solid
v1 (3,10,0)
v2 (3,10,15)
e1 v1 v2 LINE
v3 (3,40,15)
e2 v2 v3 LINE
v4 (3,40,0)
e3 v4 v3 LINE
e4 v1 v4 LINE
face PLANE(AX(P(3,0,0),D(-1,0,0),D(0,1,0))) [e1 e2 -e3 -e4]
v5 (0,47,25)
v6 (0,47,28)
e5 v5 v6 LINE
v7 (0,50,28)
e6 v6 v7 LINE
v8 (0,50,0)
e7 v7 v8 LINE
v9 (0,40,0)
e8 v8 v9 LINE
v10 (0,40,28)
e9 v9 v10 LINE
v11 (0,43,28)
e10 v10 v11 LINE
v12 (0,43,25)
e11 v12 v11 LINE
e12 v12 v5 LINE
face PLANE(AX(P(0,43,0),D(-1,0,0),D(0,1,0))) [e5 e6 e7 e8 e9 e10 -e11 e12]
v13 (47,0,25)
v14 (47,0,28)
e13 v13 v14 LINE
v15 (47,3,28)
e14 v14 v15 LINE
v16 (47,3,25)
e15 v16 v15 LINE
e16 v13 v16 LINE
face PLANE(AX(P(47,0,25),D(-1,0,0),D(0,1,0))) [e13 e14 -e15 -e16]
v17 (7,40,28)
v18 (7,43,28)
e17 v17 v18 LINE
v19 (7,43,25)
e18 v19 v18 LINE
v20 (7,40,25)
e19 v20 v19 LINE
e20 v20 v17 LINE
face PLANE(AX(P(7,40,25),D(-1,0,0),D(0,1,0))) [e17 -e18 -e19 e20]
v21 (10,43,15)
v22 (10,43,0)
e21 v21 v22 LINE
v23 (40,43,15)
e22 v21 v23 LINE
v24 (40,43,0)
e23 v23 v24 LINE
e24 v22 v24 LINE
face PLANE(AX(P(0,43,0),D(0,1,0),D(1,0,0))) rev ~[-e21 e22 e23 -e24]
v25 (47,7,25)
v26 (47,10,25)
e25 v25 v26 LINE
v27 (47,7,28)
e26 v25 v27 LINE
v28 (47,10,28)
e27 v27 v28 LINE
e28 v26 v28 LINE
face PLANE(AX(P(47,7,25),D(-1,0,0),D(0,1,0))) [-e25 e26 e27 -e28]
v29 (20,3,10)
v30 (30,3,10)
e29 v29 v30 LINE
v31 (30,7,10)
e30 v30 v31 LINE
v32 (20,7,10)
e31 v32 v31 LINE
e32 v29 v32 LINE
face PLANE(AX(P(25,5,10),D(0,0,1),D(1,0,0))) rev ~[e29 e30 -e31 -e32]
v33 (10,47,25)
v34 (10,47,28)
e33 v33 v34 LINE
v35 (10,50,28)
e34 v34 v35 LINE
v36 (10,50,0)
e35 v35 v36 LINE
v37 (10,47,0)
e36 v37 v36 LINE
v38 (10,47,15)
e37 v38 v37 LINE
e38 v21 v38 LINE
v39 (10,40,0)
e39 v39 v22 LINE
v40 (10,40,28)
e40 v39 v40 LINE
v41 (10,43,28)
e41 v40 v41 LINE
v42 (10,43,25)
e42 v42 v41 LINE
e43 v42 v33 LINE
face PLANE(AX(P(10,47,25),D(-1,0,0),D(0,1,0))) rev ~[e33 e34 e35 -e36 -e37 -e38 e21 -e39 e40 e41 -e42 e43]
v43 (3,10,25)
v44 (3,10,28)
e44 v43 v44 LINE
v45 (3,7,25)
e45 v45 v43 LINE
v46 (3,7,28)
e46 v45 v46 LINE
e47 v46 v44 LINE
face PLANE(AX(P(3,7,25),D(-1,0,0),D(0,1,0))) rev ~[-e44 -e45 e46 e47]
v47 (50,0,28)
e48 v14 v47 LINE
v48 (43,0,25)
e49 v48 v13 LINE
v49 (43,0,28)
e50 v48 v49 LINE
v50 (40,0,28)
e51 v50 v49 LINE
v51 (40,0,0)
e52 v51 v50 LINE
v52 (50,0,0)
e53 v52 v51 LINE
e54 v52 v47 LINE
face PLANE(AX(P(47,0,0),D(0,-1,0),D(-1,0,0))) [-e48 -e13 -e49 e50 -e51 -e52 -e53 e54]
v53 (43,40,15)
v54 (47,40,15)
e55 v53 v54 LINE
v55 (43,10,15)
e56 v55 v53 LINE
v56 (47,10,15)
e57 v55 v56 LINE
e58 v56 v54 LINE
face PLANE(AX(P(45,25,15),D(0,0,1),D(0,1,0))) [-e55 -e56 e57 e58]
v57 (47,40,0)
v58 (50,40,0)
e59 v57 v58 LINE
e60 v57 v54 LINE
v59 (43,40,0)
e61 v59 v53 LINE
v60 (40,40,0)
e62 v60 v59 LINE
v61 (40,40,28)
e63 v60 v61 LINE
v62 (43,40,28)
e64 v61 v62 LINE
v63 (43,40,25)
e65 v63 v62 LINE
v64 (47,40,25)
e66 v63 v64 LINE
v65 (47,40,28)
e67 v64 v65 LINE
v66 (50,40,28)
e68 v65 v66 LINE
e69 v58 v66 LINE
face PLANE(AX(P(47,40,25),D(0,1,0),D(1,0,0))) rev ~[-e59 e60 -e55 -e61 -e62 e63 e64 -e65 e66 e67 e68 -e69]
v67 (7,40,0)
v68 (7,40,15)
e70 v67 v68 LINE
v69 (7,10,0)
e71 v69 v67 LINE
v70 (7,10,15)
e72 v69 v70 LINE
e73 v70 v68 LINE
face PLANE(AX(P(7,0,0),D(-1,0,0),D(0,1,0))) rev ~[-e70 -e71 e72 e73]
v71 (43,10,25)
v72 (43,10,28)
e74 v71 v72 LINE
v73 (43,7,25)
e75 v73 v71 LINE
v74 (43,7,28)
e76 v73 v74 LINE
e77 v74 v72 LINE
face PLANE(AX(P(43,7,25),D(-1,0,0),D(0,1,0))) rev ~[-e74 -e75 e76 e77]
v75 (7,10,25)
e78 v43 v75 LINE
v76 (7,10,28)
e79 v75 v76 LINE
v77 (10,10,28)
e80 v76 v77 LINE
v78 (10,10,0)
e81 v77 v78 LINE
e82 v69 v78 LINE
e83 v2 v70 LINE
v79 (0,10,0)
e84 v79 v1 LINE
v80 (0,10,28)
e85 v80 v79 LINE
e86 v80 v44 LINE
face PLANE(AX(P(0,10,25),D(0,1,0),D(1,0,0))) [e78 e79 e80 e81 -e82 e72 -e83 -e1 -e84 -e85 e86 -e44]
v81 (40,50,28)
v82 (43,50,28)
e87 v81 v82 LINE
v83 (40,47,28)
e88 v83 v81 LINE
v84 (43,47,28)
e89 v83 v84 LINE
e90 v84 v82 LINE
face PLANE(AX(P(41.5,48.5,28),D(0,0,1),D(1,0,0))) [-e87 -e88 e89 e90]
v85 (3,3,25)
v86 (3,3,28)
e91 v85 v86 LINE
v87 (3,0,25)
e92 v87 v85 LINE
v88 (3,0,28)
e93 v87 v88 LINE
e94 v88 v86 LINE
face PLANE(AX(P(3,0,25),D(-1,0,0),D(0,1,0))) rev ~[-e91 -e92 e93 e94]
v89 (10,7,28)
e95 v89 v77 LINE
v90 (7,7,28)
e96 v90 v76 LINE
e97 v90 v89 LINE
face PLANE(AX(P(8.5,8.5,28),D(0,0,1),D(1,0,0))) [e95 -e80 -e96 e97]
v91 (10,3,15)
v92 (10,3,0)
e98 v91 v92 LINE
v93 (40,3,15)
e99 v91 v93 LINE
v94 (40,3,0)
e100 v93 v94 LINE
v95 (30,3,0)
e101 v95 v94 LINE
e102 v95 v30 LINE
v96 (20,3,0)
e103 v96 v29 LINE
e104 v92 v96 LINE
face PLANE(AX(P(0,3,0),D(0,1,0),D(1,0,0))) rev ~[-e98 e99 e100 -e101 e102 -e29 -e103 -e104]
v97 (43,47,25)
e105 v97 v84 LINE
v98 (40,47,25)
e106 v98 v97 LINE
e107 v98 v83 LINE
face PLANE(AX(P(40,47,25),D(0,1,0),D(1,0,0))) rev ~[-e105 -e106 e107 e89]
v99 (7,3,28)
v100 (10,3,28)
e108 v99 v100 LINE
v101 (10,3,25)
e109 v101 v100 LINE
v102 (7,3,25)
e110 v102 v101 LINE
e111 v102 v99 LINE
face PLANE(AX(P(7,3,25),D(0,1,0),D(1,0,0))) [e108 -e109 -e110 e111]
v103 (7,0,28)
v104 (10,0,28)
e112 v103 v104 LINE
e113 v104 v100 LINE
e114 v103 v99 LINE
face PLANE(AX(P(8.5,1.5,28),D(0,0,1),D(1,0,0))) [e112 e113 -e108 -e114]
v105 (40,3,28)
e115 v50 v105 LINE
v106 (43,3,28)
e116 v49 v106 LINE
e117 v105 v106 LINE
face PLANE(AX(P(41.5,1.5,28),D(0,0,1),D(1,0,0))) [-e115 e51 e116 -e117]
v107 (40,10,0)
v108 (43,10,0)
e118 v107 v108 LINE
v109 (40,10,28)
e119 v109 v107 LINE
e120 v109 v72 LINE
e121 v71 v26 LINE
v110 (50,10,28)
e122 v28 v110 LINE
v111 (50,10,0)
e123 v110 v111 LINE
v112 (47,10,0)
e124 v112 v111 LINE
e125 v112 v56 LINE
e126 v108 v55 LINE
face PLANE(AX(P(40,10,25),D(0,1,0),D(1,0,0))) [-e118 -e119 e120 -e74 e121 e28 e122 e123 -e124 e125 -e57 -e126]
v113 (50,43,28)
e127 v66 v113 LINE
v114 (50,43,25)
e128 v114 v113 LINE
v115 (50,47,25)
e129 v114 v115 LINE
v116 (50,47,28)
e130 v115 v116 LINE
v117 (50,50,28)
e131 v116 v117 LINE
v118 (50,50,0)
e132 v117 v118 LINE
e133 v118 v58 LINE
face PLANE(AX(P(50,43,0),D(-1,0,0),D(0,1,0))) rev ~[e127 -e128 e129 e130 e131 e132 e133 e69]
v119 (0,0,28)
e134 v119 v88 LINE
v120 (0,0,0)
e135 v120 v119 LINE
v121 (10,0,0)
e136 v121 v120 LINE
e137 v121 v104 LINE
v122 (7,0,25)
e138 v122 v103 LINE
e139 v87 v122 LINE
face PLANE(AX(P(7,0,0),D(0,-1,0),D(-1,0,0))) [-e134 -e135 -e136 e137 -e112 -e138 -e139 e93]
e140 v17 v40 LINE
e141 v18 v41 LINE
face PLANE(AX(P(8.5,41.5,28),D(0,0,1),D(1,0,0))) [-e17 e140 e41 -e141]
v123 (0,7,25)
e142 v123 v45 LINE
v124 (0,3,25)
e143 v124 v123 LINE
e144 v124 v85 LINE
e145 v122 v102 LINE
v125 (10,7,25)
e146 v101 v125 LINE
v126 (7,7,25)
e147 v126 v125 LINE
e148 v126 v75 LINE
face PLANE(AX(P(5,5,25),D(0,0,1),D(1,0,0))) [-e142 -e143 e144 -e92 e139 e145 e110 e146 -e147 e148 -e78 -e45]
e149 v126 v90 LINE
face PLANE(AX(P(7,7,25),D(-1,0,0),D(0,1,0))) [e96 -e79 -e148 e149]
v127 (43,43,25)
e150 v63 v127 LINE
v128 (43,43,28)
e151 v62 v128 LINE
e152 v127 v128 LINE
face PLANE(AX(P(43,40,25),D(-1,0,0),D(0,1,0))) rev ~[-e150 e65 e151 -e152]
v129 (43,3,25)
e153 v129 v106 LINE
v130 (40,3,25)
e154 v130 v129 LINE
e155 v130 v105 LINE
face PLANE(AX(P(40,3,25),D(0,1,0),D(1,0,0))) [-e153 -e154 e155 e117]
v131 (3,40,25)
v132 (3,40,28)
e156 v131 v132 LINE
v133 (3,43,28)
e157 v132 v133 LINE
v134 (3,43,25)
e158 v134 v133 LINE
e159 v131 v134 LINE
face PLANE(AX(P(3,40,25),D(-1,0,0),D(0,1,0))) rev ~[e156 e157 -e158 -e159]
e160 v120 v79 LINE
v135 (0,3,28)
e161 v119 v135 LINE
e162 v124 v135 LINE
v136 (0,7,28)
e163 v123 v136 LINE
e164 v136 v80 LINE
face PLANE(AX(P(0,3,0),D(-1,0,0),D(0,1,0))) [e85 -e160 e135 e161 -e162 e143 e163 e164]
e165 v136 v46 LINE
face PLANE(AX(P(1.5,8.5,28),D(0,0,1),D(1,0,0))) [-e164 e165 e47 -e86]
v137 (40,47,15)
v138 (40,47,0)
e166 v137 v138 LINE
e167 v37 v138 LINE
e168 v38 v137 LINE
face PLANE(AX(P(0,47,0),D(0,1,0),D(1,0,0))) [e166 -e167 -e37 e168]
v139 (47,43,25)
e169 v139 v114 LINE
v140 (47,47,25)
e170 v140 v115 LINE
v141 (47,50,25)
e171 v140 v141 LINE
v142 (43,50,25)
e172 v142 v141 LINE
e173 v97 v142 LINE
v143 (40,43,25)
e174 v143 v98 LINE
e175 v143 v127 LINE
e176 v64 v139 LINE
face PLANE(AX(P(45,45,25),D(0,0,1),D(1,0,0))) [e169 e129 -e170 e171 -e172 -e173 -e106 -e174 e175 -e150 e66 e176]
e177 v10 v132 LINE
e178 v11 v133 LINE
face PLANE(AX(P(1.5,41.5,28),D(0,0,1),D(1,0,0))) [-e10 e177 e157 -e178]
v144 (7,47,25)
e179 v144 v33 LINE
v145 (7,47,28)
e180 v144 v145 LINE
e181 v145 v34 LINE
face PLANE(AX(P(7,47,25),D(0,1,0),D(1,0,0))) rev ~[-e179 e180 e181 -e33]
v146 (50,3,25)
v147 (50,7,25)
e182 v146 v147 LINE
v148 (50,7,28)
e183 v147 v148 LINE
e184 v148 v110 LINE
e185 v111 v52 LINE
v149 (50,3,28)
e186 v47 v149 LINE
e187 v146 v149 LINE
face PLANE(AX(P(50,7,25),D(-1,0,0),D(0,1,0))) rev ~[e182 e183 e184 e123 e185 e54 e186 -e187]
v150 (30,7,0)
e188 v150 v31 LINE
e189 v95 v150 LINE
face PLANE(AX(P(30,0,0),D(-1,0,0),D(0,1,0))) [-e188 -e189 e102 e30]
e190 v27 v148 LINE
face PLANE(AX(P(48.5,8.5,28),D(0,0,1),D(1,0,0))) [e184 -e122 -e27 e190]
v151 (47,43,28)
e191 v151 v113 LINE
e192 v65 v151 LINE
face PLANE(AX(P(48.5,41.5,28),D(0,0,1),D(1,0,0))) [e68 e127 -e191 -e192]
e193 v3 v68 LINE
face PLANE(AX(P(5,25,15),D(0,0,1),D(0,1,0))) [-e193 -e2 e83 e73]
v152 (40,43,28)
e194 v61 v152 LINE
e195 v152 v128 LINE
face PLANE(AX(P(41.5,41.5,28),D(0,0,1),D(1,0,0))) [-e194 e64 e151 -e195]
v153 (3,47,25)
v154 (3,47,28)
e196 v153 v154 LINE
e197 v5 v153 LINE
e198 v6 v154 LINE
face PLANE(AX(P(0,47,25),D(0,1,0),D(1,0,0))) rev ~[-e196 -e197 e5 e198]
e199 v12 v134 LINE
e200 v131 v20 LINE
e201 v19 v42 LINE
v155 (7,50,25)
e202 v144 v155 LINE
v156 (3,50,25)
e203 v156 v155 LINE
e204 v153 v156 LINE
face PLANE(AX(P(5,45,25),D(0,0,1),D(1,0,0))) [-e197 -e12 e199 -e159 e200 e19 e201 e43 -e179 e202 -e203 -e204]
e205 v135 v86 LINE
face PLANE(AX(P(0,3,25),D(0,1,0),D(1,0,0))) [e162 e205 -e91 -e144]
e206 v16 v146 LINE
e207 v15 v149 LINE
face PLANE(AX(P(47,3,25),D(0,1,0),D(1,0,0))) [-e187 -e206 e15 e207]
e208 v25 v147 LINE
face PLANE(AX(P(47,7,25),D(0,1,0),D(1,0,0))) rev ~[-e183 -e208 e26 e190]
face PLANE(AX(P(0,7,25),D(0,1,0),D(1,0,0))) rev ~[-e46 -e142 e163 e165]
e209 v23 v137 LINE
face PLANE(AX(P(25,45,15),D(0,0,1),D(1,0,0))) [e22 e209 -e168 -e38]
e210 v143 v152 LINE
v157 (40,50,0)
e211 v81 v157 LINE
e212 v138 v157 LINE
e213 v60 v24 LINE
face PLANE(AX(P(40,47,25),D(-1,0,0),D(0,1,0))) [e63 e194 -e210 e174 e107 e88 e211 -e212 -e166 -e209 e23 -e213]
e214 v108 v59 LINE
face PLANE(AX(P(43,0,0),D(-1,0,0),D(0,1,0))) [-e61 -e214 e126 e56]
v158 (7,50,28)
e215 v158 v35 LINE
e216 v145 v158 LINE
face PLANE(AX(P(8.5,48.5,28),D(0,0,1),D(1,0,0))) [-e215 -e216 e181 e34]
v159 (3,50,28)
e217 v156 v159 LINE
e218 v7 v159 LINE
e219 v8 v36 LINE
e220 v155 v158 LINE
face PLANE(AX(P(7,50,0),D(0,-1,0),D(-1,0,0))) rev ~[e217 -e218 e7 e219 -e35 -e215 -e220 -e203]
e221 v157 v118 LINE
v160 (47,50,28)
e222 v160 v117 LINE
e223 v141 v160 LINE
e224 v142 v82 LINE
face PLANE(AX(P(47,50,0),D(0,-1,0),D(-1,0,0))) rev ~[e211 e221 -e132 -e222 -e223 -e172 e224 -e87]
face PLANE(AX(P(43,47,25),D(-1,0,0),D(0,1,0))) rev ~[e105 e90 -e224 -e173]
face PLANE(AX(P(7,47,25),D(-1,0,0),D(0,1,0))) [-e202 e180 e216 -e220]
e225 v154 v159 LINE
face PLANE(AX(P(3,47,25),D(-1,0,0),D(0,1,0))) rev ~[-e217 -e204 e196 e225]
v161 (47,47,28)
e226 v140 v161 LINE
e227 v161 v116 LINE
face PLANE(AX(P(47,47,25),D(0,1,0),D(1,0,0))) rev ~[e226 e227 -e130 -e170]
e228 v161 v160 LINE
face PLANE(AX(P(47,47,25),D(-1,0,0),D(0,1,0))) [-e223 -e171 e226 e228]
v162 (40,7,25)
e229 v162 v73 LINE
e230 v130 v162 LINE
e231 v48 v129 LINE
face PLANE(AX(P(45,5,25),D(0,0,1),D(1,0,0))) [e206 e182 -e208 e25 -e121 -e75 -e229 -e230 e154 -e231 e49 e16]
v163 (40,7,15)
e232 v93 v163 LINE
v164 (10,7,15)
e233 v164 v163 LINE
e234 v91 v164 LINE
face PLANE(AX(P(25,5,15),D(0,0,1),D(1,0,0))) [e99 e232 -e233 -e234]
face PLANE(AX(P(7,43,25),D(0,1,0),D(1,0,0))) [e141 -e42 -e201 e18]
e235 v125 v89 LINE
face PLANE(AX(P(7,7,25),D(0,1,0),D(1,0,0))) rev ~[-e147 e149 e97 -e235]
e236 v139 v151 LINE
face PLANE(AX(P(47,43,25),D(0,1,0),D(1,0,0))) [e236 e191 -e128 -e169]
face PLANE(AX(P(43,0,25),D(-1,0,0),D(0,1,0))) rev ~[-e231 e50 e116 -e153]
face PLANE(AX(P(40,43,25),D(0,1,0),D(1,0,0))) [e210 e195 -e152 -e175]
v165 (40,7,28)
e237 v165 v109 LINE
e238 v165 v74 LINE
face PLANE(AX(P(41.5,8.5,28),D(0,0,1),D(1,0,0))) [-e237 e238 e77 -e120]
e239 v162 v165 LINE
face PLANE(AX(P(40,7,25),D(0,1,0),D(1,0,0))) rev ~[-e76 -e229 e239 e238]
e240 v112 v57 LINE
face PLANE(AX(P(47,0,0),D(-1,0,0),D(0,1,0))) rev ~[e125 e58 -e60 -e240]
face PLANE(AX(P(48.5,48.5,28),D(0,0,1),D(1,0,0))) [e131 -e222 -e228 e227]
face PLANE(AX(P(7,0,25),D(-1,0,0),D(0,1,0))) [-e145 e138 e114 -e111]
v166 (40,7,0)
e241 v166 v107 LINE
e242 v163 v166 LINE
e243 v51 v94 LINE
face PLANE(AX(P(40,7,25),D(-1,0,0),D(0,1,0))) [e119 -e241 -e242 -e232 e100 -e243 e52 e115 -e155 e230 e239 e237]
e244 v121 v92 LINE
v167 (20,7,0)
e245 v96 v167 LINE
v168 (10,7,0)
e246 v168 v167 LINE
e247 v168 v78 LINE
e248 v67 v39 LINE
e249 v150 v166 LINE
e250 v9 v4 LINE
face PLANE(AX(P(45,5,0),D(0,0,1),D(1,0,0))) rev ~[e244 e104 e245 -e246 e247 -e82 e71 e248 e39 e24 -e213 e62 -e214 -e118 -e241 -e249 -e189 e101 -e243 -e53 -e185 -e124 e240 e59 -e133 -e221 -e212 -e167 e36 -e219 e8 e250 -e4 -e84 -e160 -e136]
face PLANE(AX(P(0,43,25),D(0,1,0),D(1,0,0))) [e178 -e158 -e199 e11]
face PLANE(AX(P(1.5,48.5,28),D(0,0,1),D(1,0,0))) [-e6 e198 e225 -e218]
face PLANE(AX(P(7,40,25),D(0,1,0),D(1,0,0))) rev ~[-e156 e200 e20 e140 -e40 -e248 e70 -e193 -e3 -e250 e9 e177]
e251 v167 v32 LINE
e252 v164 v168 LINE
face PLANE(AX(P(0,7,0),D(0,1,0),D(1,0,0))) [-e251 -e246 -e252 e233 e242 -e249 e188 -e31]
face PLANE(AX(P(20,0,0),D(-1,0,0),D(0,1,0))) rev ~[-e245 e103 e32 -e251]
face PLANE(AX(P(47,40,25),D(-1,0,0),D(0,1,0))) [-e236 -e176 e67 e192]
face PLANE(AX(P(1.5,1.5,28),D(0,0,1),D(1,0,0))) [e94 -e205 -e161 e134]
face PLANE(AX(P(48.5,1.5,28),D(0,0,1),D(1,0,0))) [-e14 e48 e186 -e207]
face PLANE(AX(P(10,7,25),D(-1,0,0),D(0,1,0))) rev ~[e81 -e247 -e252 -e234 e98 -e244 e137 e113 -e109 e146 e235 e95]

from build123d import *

# Parameters (mm, degrees)
BOX002_W     = 3
BOX002_H     = 3
BOX002_DEPTH = 3
BOX003_W     = 3
BOX003_H     = 3
BOX003_DEPTH = 3
BOX004_W     = 3
BOX004_H     = 3
BOX004_DEPTH = 3
BOX005_W     = 3
BOX005_H     = 3
BOX005_DEPTH = 3
BOX001_W     = 10
BOX001_H     = 10
BOX001_DEPTH = 25
BOX012_W     = 3
BOX012_H     = 3
BOX012_DEPTH = 3
BOX013_W     = 3
BOX013_H     = 3
BOX013_DEPTH = 3
BOX014_W     = 3
BOX014_H     = 3
BOX014_DEPTH = 3
BOX015_W     = 3
BOX015_H     = 3
BOX015_DEPTH = 3
BOX011_W     = 10
BOX011_H     = 10
BOX011_DEPTH = 25
BOX017_W     = 3
BOX017_H     = 3
BOX017_DEPTH = 3
BOX018_W     = 3
BOX018_H     = 3
BOX018_DEPTH = 3
BOX019_W     = 3
BOX019_H     = 3
BOX019_DEPTH = 3
BOX020_W     = 3
BOX020_H     = 3
BOX020_DEPTH = 3
BOX016_W     = 10
BOX016_H     = 10
BOX016_DEPTH = 25
BOX021_W     = 50
BOX021_H     = 4
BOX021_DEPTH = 15
BOX022_W     = 50
BOX022_H     = 4
BOX022_DEPTH = 15
BOX023_W     = 50
BOX023_H     = 4
BOX023_DEPTH = 15
BOX024_W     = 10
BOX024_H     = 10
BOX024_DEPTH = 10
BOX_W        = 50
BOX_H        = 4
BOX_DEPTH    = 15
BOX007_W     = 3
BOX007_H     = 3
BOX007_DEPTH = 3
BOX008_W     = 3
BOX008_H     = 3
BOX008_DEPTH = 3
BOX009_W     = 3
BOX009_H     = 3
BOX009_DEPTH = 3
BOX010_W     = 3
BOX010_H     = 3
BOX010_DEPTH = 3
BOX006_W     = 10
BOX006_H     = 10
BOX006_DEPTH = 25


with BuildPart() as cubo001:
    # Box002 → Box002 (new body)
    with BuildSketch(Plane.XY.offset(25)):
        with Locations((1.5, 1.5)):
            Rectangle(BOX002_W, BOX002_H)
    extrude(amount=BOX002_DEPTH)


with BuildPart() as cubo002:
    # Box003 → Box003 (new body)
    with BuildSketch(Plane(origin=(7, 0, 25), x_dir=(1, 0, 0), z_dir=(0, 0, 1))):
        with Locations((1.5, 1.5)):
            Rectangle(BOX003_W, BOX003_H)
    extrude(amount=BOX003_DEPTH)


with BuildPart() as cubo003:
    # Box004 → Box004 (new body)
    with BuildSketch(Plane(origin=(7, 7, 25), x_dir=(1, 0, 0), z_dir=(0, 0, 1))):
        with Locations((1.5, 1.5)):
            Rectangle(BOX004_W, BOX004_H)
    extrude(amount=BOX004_DEPTH)


with BuildPart() as cubo004:
    # Box005 → Box005 (new body)
    with BuildSketch(Plane(origin=(0, 7, 25), x_dir=(1, 0, 0), z_dir=(0, 0, 1))):
        with Locations((1.5, 1.5)):
            Rectangle(BOX005_W, BOX005_H)
    extrude(amount=BOX005_DEPTH)


with BuildPart() as fusion:
    # Box001 → Box001 (new body)
    with BuildSketch(Plane.XY):
        with Locations((5, 5)):
            Rectangle(BOX001_W, BOX001_H)
    extrude(amount=BOX001_DEPTH)

    # Fusion: union Cubo001, Cubo002, Cubo003, Cubo004
    add(cubo001.part)
    add(cubo002.part)
    add(cubo003.part)
    add(cubo004.part)


with BuildPart() as cubo011:
    # Box012 → Box012 (new body)
    with BuildSketch(Plane.XY.offset(25)):
        with Locations((1.5, 1.5)):
            Rectangle(BOX012_W, BOX012_H)
    extrude(amount=BOX012_DEPTH)


with BuildPart() as cubo012:
    # Box013 → Box013 (new body)
    with BuildSketch(Plane(origin=(7, 0, 25), x_dir=(1, 0, 0), z_dir=(0, 0, 1))):
        with Locations((1.5, 1.5)):
            Rectangle(BOX013_W, BOX013_H)
    extrude(amount=BOX013_DEPTH)


with BuildPart() as cubo013:
    # Box014 → Box014 (new body)
    with BuildSketch(Plane(origin=(7, 7, 25), x_dir=(1, 0, 0), z_dir=(0, 0, 1))):
        with Locations((1.5, 1.5)):
            Rectangle(BOX014_W, BOX014_H)
    extrude(amount=BOX014_DEPTH)


with BuildPart() as cubo014:
    # Box015 → Box015 (new body)
    with BuildSketch(Plane(origin=(0, 7, 25), x_dir=(1, 0, 0), z_dir=(0, 0, 1))):
        with Locations((1.5, 1.5)):
            Rectangle(BOX015_W, BOX015_H)
    extrude(amount=BOX015_DEPTH)


with BuildPart() as fusion002:
    # Box011 → Box011 (new body)
    with BuildSketch(Plane.XY):
        with Locations((5, 5)):
            Rectangle(BOX011_W, BOX011_H)
    extrude(amount=BOX011_DEPTH)

    # Fusion002: union Cubo011, Cubo012, Cubo013, Cubo014
    add(cubo011.part)
    add(cubo012.part)
    add(cubo013.part)
    add(cubo014.part)


with BuildPart() as fusion002_1:
    # Fusion002 placement: moved
    add(fusion002.part.moved(Location((40, 40, 0))))


with BuildPart() as cubo016:
    # Box017 → Box017 (new body)
    with BuildSketch(Plane.XY.offset(25)):
        with Locations((1.5, 1.5)):
            Rectangle(BOX017_W, BOX017_H)
    extrude(amount=BOX017_DEPTH)


with BuildPart() as cubo017:
    # Box018 → Box018 (new body)
    with BuildSketch(Plane(origin=(7, 0, 25), x_dir=(1, 0, 0), z_dir=(0, 0, 1))):
        with Locations((1.5, 1.5)):
            Rectangle(BOX018_W, BOX018_H)
    extrude(amount=BOX018_DEPTH)


with BuildPart() as cubo018:
    # Box019 → Box019 (new body)
    with BuildSketch(Plane(origin=(7, 7, 25), x_dir=(1, 0, 0), z_dir=(0, 0, 1))):
        with Locations((1.5, 1.5)):
            Rectangle(BOX019_W, BOX019_H)
    extrude(amount=BOX019_DEPTH)


with BuildPart() as cubo019:
    # Box020 → Box020 (new body)
    with BuildSketch(Plane(origin=(0, 7, 25), x_dir=(1, 0, 0), z_dir=(0, 0, 1))):
        with Locations((1.5, 1.5)):
            Rectangle(BOX020_W, BOX020_H)
    extrude(amount=BOX020_DEPTH)


with BuildPart() as fusion003:
    # Box016 → Box016 (new body)
    with BuildSketch(Plane.XY):
        with Locations((5, 5)):
            Rectangle(BOX016_W, BOX016_H)
    extrude(amount=BOX016_DEPTH)

    # Fusion003: union Cubo016, Cubo017, Cubo018, Cubo019
    add(cubo016.part)
    add(cubo017.part)
    add(cubo018.part)
    add(cubo019.part)


with BuildPart() as fusion003_1:
    # Fusion003 placement: moved
    add(fusion003.part.moved(Location((0, 40, 0))))


with BuildPart() as wall001:
    # Box021 → Box021 (new body)
    with BuildSketch(Plane(origin=(0, 43, 0), x_dir=(1, 0, 0), z_dir=(0, 0, 1))):
        with Locations((25, 2)):
            Rectangle(BOX021_W, BOX021_H)
    extrude(amount=BOX021_DEPTH)


with BuildPart() as wall002:
    # Box022 → Box022 (new body)
    with BuildSketch(Plane(origin=(7, 0, 0), x_dir=(0, 1, 0), z_dir=(0, 0, 1))):
        with Locations((25, 2)):
            Rectangle(BOX022_W, BOX022_H)
    extrude(amount=BOX022_DEPTH)


with BuildPart() as wall003:
    # Box023 → Box023 (new body)
    with BuildSketch(Plane(origin=(47, 0, 0), x_dir=(0, 1, 0), z_dir=(0, 0, 1))):
        with Locations((25, 2)):
            Rectangle(BOX023_W, BOX023_H)
    extrude(amount=BOX023_DEPTH)


with BuildPart() as cubo020:
    # Box024 → Box024 (new body)
    with BuildSketch(Plane(origin=(20, 0, 0), x_dir=(1, 0, 0), z_dir=(0, 0, 1))):
        with Locations((5, 5)):
            Rectangle(BOX024_W, BOX024_H)
    extrude(amount=BOX024_DEPTH)


with BuildPart() as cut:
    # Box → Box (new body)
    with BuildSketch(Plane(origin=(0, 3, 0), x_dir=(1, 0, 0), z_dir=(0, 0, 1))):
        with Locations((25, 2)):
            Rectangle(BOX_W, BOX_H)
    extrude(amount=BOX_DEPTH)

    # Cut: cut Cubo020
    add(cubo020.part, mode=Mode.SUBTRACT)


with BuildPart() as cubo006:
    # Box007 → Box007 (new body)
    with BuildSketch(Plane.XY.offset(25)):
        with Locations((1.5, 1.5)):
            Rectangle(BOX007_W, BOX007_H)
    extrude(amount=BOX007_DEPTH)


with BuildPart() as cubo007:
    # Box008 → Box008 (new body)
    with BuildSketch(Plane(origin=(7, 0, 25), x_dir=(1, 0, 0), z_dir=(0, 0, 1))):
        with Locations((1.5, 1.5)):
            Rectangle(BOX008_W, BOX008_H)
    extrude(amount=BOX008_DEPTH)


with BuildPart() as cubo008:
    # Box009 → Box009 (new body)
    with BuildSketch(Plane(origin=(7, 7, 25), x_dir=(1, 0, 0), z_dir=(0, 0, 1))):
        with Locations((1.5, 1.5)):
            Rectangle(BOX009_W, BOX009_H)
    extrude(amount=BOX009_DEPTH)


with BuildPart() as cubo009:
    # Box010 → Box010 (new body)
    with BuildSketch(Plane(origin=(0, 7, 25), x_dir=(1, 0, 0), z_dir=(0, 0, 1))):
        with Locations((1.5, 1.5)):
            Rectangle(BOX010_W, BOX010_H)
    extrude(amount=BOX010_DEPTH)


with BuildPart() as fusion004:
    # Box006 → Box006 (new body)
    with BuildSketch(Plane.XY):
        with Locations((5, 5)):
            Rectangle(BOX006_W, BOX006_H)
    extrude(amount=BOX006_DEPTH)

    # Fusion001: union Cubo006, Cubo007, Cubo008, Cubo009
    add(cubo006.part)
    add(cubo007.part)
    add(cubo008.part)
    add(cubo009.part)


with BuildPart() as fusion004_1:
    # Fusion001 placement: moved
    add(fusion004.part.moved(Location((40, 0, 0))))

    # Fusion004: union Fusion, Fusion002, Fusion003, wall001, wall002, wall003, Cut
    add(fusion.part)
    add(fusion002_1.part)
    add(fusion003_1.part)
    add(wall001.part)
    add(wall002.part)
    add(wall003.part)
    add(cut.part)


solid = fusion004_1.part
